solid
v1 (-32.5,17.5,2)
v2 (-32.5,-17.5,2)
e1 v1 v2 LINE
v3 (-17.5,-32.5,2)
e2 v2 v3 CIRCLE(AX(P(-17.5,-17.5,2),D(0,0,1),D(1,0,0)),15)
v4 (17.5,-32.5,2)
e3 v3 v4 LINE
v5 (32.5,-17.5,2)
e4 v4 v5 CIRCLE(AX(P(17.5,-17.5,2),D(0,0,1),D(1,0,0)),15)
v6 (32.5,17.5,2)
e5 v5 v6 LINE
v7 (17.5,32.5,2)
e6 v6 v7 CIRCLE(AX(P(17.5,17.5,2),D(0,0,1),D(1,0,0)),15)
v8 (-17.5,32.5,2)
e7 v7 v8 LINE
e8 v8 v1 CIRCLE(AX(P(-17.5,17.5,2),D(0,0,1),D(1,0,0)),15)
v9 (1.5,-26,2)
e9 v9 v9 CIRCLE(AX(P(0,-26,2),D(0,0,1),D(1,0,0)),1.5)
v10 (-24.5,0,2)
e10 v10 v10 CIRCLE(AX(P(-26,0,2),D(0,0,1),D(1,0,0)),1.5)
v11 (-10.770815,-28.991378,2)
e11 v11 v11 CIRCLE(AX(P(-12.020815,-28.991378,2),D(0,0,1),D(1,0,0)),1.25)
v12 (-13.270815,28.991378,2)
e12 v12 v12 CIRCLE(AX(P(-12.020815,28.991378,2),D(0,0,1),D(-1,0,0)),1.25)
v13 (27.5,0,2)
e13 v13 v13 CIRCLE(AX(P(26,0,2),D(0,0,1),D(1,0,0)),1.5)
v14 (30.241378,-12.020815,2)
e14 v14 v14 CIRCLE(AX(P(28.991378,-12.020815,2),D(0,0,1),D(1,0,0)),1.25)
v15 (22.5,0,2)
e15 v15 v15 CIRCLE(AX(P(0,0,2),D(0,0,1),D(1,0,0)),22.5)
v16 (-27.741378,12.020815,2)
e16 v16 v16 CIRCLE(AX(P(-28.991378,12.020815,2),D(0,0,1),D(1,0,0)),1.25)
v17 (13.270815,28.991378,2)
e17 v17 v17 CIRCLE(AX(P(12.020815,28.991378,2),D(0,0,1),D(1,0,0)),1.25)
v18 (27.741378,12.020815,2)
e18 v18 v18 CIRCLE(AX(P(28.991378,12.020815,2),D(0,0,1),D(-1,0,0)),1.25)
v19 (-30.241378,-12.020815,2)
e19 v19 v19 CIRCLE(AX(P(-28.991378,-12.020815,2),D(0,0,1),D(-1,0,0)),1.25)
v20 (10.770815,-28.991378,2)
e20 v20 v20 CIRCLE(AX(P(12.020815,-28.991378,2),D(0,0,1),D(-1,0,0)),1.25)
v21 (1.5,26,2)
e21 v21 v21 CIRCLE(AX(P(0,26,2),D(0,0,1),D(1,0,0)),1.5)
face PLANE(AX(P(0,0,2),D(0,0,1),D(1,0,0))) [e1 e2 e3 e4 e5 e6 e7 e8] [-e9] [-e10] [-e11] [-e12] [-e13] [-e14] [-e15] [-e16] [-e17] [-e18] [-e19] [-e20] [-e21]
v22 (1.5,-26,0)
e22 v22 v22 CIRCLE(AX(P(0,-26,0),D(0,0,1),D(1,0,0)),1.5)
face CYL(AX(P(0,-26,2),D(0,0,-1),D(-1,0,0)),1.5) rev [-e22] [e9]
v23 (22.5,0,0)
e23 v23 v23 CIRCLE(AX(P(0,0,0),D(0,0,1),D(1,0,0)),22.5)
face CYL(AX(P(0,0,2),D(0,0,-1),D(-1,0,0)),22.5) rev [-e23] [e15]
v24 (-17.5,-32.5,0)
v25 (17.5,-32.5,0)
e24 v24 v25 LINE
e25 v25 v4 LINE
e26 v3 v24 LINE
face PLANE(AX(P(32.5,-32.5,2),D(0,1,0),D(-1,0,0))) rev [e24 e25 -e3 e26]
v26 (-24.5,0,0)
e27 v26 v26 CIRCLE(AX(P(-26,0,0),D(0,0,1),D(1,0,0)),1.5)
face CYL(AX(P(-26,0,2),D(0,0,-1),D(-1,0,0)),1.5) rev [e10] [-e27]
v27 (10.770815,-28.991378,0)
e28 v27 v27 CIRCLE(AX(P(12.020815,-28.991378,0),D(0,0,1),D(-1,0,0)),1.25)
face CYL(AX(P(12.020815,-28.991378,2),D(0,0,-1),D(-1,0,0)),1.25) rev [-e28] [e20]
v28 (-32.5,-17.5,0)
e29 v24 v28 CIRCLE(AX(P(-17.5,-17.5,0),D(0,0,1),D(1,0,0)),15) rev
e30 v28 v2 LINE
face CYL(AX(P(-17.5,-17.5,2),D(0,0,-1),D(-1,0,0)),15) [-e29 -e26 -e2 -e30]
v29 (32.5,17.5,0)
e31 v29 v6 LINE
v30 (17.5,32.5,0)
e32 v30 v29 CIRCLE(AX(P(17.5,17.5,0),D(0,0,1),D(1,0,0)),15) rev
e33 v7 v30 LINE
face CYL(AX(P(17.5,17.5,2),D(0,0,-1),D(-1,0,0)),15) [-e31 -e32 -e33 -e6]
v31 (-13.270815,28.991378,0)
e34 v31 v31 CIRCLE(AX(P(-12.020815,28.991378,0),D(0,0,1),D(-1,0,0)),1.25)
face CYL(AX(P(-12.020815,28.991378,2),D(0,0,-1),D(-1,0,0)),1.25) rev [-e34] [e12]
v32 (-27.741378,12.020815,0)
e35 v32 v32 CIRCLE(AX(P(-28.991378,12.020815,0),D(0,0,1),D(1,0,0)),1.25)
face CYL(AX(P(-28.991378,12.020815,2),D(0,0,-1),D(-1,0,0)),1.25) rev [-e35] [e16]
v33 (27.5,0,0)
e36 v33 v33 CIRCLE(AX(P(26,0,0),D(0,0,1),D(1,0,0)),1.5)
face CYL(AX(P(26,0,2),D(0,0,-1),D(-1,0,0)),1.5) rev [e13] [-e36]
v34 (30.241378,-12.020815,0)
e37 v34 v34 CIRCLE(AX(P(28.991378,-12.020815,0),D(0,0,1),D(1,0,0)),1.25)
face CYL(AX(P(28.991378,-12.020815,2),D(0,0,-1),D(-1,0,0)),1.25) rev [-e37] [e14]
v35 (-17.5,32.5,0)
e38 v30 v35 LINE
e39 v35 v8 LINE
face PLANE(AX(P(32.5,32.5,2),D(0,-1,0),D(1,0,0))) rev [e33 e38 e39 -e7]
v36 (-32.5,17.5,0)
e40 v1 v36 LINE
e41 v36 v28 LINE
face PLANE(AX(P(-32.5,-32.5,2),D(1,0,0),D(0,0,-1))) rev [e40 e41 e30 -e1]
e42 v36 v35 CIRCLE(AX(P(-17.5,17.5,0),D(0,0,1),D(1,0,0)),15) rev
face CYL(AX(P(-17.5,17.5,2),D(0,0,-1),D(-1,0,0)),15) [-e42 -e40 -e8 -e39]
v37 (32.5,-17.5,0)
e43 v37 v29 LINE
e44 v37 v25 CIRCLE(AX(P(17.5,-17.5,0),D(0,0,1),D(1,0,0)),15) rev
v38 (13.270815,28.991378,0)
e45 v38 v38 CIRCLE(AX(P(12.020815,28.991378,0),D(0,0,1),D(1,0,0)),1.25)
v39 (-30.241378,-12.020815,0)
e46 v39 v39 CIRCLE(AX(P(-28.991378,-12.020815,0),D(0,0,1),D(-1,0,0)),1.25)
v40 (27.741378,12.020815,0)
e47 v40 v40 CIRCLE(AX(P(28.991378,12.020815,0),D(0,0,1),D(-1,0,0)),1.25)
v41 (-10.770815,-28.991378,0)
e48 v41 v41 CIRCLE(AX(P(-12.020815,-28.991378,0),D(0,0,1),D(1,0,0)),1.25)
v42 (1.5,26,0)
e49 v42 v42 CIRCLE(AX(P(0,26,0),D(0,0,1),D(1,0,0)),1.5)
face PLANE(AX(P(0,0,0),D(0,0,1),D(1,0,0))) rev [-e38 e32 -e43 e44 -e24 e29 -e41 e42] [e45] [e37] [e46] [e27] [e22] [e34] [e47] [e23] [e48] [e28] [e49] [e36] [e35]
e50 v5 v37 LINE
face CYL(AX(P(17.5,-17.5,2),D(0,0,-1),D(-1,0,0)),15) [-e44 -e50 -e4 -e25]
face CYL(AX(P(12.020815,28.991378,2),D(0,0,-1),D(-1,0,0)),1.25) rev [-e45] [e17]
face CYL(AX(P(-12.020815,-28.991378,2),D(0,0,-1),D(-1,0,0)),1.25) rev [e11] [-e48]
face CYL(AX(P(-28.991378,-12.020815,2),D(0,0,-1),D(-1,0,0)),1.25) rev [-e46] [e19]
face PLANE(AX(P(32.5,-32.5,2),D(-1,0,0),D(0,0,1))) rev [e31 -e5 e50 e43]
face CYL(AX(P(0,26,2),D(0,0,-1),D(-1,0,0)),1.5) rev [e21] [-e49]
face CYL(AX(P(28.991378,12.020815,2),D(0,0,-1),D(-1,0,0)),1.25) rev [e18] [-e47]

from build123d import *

# Parameters (mm, degrees)
CROQUIS1_W              = 65
CROQUIS1_H              = 65
CROQUIS1_R              = 22.5
CROQUIS1_R_2            = 1.5
CROQUIS1_R_3            = 1.25
SALIENTE_EXTRUIR1_DEPTH = 2
REDONDEO1_R             = 15


with BuildPart() as part:
    # Croquis1 → Saliente-Extruir1 (new body)
    with BuildSketch(Plane.XY):
        Rectangle(CROQUIS1_W, CROQUIS1_H)
        Circle(CROQUIS1_R, mode=Mode.SUBTRACT)
        with Locations((0, 26)):
            Circle(CROQUIS1_R_2, mode=Mode.SUBTRACT)
        with Locations((26, 0)):
            Circle(CROQUIS1_R_2, mode=Mode.SUBTRACT)
        with Locations((0, -26)):
            Circle(CROQUIS1_R_2, mode=Mode.SUBTRACT)
        with Locations((-26, 0)):
            Circle(CROQUIS1_R_2, mode=Mode.SUBTRACT)
        with Locations((12.02081528, 28.991378029)):
            Circle(CROQUIS1_R_3, mode=Mode.SUBTRACT)
        with Locations(Location((28.991378029, 12.02081528, 0), (0, 0, 180))):
            Circle(CROQUIS1_R_3, mode=Mode.SUBTRACT)
        with Locations(Location((12.02081528, -28.991378029, 0), (0, 0, 180))):
            Circle(CROQUIS1_R_3, mode=Mode.SUBTRACT)
        with Locations((28.991378029, -12.02081528)):
            Circle(CROQUIS1_R_3, mode=Mode.SUBTRACT)
        with Locations(Location((-28.991378029, -12.02081528, 0), (0, 0, 180))):
            Circle(CROQUIS1_R_3, mode=Mode.SUBTRACT)
        with Locations((-12.02081528, -28.991378029)):
            Circle(CROQUIS1_R_3, mode=Mode.SUBTRACT)
        with Locations(Location((-12.02081528, 28.991378029, 0), (0, 0, 180))):
            Circle(CROQUIS1_R_3, mode=Mode.SUBTRACT)
        with Locations((-28.991378029, 12.02081528)):
            Circle(CROQUIS1_R_3, mode=Mode.SUBTRACT)
    extrude(amount=SALIENTE_EXTRUIR1_DEPTH)

    # Redondeo1
    redondeo1_edges = [part.edges().sort_by_distance(p)[0] for p in [
        (-32.5, 32.5, 1),
        (32.5, 32.5, 1),
        (32.5, -32.5, 1),
        (-32.5, -32.5, 1),
    ]]
    fillet(redondeo1_edges, radius=REDONDEO1_R)


solid = part.part
